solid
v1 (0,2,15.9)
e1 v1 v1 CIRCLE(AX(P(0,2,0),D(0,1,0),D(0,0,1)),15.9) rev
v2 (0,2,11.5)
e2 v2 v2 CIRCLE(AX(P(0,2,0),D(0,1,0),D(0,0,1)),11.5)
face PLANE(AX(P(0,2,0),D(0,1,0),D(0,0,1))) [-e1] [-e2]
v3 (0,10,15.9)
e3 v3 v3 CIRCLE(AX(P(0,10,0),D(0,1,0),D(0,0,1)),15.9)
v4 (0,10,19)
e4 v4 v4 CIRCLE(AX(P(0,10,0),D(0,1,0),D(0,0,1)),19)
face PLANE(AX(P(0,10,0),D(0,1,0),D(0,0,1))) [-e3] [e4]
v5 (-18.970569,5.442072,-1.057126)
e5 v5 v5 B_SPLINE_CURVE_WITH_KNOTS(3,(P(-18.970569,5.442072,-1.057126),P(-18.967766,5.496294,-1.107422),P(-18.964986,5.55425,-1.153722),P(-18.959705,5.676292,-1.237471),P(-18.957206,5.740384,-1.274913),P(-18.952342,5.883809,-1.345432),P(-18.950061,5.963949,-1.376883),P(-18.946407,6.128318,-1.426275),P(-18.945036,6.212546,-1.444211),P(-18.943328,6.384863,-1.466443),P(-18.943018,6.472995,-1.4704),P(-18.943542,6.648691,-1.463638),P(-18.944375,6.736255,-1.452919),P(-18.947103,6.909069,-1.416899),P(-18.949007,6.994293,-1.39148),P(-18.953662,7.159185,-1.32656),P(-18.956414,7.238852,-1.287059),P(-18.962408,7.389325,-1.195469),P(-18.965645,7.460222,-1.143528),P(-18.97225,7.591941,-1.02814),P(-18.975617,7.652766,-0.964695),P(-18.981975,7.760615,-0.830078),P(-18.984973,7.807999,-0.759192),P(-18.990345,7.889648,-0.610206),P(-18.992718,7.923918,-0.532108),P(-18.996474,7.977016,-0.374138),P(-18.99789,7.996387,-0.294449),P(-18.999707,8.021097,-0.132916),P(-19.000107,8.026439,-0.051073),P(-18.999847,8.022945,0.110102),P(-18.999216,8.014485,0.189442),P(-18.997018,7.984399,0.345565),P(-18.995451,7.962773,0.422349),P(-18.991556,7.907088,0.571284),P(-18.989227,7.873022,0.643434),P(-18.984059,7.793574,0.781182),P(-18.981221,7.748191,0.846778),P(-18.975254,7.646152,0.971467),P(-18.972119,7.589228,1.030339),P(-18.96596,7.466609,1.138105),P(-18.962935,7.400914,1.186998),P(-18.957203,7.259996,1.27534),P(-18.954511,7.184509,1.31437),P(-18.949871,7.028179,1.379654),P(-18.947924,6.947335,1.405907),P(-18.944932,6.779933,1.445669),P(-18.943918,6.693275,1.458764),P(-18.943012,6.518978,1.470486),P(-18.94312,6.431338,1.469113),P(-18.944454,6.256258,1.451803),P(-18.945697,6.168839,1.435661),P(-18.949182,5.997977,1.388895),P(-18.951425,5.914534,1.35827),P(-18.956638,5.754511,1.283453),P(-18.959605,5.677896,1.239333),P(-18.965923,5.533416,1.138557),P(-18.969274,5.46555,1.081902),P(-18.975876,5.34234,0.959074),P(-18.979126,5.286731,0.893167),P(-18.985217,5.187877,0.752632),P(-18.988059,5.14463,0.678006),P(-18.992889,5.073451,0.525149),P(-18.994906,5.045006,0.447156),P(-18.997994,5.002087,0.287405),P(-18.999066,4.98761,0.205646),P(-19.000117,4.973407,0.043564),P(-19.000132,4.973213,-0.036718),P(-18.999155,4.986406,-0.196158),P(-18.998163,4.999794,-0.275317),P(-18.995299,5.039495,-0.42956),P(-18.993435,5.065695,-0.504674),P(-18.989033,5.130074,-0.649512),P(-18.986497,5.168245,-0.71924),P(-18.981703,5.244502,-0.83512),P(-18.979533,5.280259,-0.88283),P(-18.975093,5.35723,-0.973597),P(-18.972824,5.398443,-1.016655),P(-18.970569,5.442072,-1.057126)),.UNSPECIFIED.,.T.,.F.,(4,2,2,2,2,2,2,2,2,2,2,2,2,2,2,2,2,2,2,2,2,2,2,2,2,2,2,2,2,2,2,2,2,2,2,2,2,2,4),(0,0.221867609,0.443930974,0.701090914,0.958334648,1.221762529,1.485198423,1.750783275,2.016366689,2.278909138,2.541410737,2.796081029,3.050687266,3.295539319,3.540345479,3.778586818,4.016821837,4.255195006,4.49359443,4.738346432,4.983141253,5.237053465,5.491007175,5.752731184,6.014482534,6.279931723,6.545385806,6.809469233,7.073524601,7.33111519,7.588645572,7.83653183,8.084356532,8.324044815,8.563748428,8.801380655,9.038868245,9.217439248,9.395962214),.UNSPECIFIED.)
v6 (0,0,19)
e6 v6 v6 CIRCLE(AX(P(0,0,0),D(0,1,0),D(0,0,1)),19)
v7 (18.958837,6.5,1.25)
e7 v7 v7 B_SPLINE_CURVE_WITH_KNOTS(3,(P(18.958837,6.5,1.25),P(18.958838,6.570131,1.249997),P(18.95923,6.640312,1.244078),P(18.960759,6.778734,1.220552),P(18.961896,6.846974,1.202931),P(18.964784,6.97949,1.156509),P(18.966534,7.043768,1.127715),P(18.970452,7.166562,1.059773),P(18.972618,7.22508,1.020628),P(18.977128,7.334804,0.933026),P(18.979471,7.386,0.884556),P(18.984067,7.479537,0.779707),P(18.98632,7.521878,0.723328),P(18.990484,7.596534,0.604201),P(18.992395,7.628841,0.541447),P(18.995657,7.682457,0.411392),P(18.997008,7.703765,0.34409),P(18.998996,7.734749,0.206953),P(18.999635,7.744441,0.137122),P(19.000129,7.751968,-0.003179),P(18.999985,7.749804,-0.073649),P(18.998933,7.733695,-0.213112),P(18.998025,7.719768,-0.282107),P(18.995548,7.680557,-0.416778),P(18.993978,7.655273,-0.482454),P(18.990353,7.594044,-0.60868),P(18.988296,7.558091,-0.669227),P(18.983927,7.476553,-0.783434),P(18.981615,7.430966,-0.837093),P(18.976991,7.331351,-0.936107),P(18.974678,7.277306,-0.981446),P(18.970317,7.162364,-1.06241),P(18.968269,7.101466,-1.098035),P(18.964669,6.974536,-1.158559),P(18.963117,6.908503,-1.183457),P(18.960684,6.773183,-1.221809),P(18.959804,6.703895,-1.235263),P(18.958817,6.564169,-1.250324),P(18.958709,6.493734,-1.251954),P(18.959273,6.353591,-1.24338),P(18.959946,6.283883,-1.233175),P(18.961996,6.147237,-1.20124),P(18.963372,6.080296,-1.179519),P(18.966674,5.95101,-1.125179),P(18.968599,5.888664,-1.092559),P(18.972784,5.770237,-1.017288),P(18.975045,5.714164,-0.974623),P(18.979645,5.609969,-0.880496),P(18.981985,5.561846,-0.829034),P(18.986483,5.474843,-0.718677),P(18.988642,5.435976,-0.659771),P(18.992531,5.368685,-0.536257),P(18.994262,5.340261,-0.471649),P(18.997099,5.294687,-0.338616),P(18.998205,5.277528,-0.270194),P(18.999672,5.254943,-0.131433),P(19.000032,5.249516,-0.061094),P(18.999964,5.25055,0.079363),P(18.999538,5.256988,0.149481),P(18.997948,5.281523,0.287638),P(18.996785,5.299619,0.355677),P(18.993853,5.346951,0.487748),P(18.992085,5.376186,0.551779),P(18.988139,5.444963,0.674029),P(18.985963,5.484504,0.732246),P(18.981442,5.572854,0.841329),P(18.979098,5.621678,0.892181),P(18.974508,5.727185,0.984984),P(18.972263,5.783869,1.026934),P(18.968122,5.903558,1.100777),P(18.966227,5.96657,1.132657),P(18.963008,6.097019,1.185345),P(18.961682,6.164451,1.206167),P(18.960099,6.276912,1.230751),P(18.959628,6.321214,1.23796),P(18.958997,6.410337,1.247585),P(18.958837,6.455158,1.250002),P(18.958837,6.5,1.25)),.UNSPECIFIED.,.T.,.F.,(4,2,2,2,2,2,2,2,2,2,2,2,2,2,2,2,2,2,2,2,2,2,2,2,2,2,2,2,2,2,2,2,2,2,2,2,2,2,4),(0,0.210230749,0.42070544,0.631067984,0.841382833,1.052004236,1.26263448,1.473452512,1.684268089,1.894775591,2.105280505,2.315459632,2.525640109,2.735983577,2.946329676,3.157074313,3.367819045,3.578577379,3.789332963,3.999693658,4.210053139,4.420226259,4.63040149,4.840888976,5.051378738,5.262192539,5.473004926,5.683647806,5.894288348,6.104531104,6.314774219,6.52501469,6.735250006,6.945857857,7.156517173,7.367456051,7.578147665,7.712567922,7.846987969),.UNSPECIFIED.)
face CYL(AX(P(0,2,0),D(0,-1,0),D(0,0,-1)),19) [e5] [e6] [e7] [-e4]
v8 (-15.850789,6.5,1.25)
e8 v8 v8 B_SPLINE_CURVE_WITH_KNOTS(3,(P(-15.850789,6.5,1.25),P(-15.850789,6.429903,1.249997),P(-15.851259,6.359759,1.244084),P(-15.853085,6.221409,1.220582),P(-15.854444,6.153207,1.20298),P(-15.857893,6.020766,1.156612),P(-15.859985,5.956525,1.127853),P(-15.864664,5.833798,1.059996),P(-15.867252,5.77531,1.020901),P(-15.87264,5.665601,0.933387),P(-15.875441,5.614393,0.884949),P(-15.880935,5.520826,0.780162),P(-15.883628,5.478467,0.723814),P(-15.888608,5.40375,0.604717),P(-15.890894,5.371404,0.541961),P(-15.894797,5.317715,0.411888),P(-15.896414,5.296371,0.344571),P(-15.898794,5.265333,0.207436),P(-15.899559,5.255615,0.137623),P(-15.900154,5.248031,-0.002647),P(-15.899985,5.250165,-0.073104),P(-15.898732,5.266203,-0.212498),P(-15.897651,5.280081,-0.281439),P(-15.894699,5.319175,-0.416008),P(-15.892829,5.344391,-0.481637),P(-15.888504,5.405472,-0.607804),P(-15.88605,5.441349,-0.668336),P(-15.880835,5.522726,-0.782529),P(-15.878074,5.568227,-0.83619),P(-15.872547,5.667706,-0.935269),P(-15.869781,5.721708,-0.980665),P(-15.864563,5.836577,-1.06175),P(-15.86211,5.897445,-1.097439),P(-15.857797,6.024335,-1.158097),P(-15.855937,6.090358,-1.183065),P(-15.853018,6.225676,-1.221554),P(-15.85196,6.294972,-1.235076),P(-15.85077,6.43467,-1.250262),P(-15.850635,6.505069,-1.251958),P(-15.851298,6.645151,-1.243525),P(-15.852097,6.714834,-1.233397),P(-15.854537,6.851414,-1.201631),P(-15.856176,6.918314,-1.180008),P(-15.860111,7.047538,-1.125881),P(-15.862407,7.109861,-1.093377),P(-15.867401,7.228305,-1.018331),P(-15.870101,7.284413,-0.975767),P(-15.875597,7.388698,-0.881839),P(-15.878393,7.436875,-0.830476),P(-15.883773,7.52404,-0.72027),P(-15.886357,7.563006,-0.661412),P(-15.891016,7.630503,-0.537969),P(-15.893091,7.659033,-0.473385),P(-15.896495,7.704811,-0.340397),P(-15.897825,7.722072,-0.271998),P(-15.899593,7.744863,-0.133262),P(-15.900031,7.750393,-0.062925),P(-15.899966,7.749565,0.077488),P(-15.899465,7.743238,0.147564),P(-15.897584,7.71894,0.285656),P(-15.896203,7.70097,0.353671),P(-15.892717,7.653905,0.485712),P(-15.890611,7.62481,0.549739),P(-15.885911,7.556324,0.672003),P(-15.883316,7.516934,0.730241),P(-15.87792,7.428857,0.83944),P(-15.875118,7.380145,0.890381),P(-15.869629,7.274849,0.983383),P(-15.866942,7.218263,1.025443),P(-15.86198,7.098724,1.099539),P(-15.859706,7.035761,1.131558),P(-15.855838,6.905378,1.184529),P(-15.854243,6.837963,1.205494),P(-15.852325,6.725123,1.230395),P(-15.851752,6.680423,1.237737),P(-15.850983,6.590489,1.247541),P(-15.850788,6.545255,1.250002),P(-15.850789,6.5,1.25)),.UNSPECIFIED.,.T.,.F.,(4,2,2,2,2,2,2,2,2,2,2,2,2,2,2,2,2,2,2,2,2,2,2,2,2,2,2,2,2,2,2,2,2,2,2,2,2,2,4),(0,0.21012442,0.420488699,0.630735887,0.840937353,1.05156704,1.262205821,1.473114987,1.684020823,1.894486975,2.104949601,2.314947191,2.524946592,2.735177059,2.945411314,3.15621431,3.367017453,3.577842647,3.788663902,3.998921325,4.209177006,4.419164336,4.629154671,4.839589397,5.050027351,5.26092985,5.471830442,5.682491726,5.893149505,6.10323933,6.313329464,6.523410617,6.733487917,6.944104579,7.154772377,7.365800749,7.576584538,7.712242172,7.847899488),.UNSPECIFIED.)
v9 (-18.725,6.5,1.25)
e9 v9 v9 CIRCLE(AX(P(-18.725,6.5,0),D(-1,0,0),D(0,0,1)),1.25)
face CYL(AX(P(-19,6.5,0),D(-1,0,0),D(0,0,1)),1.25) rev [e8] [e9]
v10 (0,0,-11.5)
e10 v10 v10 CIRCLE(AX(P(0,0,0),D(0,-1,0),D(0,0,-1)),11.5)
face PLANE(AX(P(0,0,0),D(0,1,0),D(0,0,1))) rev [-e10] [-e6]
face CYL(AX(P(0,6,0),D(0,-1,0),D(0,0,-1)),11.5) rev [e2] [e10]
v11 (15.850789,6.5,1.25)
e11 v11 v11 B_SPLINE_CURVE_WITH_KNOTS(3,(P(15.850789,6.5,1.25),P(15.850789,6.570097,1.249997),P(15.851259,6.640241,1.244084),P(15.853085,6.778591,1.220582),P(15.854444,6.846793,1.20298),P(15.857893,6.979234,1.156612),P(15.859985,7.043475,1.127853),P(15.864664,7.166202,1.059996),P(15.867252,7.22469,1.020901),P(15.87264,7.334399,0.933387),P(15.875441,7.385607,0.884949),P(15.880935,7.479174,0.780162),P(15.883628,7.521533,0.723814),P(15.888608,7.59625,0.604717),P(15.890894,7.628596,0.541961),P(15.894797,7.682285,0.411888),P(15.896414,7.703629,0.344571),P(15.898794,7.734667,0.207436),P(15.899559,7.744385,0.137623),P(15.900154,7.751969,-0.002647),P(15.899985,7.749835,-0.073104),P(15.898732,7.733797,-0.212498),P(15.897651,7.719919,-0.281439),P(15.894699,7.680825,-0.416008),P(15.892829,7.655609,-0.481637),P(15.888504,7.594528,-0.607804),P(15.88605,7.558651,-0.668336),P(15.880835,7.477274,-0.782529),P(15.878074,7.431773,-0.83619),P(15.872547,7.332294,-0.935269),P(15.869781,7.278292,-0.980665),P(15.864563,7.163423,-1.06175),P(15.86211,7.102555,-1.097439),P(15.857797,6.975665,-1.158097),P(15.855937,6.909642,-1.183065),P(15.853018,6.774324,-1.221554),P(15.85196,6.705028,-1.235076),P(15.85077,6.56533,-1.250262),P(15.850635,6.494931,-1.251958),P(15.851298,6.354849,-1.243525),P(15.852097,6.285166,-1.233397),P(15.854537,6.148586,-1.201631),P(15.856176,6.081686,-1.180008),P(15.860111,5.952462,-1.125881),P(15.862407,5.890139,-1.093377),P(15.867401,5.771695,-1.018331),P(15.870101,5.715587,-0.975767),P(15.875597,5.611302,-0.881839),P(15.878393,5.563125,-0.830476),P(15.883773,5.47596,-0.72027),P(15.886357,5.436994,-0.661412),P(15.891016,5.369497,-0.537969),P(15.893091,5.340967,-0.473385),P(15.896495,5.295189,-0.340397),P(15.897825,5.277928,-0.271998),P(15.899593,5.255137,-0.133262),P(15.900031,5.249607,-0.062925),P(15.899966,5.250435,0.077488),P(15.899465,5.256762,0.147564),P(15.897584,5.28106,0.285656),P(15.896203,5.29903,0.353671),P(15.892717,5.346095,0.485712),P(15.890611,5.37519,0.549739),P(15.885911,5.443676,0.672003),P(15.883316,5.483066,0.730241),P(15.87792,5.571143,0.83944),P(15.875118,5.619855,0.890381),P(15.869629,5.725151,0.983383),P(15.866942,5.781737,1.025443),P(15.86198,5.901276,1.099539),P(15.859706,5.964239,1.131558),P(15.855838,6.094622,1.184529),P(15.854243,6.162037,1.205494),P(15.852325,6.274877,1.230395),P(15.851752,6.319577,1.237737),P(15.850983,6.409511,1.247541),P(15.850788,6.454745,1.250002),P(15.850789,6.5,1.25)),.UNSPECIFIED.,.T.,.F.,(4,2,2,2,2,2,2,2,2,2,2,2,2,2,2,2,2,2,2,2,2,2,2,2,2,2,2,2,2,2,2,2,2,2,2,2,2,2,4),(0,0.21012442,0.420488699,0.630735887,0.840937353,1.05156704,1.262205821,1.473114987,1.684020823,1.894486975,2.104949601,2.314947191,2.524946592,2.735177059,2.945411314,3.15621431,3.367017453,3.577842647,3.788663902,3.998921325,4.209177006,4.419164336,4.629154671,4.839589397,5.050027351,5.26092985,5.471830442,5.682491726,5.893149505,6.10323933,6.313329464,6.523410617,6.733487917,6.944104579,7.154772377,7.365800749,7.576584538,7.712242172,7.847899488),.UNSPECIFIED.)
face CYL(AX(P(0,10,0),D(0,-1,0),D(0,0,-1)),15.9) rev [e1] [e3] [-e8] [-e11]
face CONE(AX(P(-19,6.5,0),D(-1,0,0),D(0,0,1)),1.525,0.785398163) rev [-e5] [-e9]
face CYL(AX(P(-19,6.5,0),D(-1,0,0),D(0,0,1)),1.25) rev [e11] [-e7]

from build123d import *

# Parameters (mm, degrees)
SKETCH_1_R          = 19
EXTRUDE_1_DEPTH     = 2
SKETCH_2_R          = 19
SKETCH_2_R_2        = 15.9
EXTRUDE_2_DEPTH     = 8
SKETCH_3_R          = 11.5
CUT_EXTRUDE_1_DEPTH = 6


with BuildPart() as part:
    # 草图1 → 凸台-拉伸1 (new body)
    with BuildSketch(Plane(origin=(0, 0, 0), x_dir=(1, 0, 0), z_dir=(0, 1, 0))):
        with Locations(Location((0, 0, 0), (0, 0, 270))):
            Circle(SKETCH_1_R)
    extrude(amount=EXTRUDE_1_DEPTH)

    # 草图2 → 凸台-拉伸2 (add)
    with BuildSketch(Plane(origin=(0, 2, 0), x_dir=(1, 0, 0), z_dir=(0, 1, 0))):
        with Locations(Location((0, 0, 0), (0, 0, 270))):
            Circle(SKETCH_2_R)
        with Locations(Location((0, 0, 0), (0, 0, 270))):
            Circle(SKETCH_2_R_2, mode=Mode.SUBTRACT)
    extrude(amount=EXTRUDE_2_DEPTH)

    # 草图3 → 切除-拉伸1 (cut)
    with BuildSketch(Plane.XZ):
        with Locations(Location((0, 0, 0), (0, 0, 270))):
            Circle(SKETCH_3_R)
    extrude(amount=-CUT_EXTRUDE_1_DEPTH, mode=Mode.SUBTRACT)

    # 草图10 → M3 螺纹孔1 (revolve, cut)
    with BuildSketch(Plane(origin=(-19, 6.5, 0), x_dir=(0, 0, 1), z_dir=(0, 1, 0))):
        Polygon((0, 0), (0, 44.651075774), (1.25, 43.9), (1.25, 0.275), (1.525, 0), align=None)
    revolve(axis=Axis((-25.35, 6.5, 0), (1, 0, 0)), mode=Mode.SUBTRACT)


solid = part.part
